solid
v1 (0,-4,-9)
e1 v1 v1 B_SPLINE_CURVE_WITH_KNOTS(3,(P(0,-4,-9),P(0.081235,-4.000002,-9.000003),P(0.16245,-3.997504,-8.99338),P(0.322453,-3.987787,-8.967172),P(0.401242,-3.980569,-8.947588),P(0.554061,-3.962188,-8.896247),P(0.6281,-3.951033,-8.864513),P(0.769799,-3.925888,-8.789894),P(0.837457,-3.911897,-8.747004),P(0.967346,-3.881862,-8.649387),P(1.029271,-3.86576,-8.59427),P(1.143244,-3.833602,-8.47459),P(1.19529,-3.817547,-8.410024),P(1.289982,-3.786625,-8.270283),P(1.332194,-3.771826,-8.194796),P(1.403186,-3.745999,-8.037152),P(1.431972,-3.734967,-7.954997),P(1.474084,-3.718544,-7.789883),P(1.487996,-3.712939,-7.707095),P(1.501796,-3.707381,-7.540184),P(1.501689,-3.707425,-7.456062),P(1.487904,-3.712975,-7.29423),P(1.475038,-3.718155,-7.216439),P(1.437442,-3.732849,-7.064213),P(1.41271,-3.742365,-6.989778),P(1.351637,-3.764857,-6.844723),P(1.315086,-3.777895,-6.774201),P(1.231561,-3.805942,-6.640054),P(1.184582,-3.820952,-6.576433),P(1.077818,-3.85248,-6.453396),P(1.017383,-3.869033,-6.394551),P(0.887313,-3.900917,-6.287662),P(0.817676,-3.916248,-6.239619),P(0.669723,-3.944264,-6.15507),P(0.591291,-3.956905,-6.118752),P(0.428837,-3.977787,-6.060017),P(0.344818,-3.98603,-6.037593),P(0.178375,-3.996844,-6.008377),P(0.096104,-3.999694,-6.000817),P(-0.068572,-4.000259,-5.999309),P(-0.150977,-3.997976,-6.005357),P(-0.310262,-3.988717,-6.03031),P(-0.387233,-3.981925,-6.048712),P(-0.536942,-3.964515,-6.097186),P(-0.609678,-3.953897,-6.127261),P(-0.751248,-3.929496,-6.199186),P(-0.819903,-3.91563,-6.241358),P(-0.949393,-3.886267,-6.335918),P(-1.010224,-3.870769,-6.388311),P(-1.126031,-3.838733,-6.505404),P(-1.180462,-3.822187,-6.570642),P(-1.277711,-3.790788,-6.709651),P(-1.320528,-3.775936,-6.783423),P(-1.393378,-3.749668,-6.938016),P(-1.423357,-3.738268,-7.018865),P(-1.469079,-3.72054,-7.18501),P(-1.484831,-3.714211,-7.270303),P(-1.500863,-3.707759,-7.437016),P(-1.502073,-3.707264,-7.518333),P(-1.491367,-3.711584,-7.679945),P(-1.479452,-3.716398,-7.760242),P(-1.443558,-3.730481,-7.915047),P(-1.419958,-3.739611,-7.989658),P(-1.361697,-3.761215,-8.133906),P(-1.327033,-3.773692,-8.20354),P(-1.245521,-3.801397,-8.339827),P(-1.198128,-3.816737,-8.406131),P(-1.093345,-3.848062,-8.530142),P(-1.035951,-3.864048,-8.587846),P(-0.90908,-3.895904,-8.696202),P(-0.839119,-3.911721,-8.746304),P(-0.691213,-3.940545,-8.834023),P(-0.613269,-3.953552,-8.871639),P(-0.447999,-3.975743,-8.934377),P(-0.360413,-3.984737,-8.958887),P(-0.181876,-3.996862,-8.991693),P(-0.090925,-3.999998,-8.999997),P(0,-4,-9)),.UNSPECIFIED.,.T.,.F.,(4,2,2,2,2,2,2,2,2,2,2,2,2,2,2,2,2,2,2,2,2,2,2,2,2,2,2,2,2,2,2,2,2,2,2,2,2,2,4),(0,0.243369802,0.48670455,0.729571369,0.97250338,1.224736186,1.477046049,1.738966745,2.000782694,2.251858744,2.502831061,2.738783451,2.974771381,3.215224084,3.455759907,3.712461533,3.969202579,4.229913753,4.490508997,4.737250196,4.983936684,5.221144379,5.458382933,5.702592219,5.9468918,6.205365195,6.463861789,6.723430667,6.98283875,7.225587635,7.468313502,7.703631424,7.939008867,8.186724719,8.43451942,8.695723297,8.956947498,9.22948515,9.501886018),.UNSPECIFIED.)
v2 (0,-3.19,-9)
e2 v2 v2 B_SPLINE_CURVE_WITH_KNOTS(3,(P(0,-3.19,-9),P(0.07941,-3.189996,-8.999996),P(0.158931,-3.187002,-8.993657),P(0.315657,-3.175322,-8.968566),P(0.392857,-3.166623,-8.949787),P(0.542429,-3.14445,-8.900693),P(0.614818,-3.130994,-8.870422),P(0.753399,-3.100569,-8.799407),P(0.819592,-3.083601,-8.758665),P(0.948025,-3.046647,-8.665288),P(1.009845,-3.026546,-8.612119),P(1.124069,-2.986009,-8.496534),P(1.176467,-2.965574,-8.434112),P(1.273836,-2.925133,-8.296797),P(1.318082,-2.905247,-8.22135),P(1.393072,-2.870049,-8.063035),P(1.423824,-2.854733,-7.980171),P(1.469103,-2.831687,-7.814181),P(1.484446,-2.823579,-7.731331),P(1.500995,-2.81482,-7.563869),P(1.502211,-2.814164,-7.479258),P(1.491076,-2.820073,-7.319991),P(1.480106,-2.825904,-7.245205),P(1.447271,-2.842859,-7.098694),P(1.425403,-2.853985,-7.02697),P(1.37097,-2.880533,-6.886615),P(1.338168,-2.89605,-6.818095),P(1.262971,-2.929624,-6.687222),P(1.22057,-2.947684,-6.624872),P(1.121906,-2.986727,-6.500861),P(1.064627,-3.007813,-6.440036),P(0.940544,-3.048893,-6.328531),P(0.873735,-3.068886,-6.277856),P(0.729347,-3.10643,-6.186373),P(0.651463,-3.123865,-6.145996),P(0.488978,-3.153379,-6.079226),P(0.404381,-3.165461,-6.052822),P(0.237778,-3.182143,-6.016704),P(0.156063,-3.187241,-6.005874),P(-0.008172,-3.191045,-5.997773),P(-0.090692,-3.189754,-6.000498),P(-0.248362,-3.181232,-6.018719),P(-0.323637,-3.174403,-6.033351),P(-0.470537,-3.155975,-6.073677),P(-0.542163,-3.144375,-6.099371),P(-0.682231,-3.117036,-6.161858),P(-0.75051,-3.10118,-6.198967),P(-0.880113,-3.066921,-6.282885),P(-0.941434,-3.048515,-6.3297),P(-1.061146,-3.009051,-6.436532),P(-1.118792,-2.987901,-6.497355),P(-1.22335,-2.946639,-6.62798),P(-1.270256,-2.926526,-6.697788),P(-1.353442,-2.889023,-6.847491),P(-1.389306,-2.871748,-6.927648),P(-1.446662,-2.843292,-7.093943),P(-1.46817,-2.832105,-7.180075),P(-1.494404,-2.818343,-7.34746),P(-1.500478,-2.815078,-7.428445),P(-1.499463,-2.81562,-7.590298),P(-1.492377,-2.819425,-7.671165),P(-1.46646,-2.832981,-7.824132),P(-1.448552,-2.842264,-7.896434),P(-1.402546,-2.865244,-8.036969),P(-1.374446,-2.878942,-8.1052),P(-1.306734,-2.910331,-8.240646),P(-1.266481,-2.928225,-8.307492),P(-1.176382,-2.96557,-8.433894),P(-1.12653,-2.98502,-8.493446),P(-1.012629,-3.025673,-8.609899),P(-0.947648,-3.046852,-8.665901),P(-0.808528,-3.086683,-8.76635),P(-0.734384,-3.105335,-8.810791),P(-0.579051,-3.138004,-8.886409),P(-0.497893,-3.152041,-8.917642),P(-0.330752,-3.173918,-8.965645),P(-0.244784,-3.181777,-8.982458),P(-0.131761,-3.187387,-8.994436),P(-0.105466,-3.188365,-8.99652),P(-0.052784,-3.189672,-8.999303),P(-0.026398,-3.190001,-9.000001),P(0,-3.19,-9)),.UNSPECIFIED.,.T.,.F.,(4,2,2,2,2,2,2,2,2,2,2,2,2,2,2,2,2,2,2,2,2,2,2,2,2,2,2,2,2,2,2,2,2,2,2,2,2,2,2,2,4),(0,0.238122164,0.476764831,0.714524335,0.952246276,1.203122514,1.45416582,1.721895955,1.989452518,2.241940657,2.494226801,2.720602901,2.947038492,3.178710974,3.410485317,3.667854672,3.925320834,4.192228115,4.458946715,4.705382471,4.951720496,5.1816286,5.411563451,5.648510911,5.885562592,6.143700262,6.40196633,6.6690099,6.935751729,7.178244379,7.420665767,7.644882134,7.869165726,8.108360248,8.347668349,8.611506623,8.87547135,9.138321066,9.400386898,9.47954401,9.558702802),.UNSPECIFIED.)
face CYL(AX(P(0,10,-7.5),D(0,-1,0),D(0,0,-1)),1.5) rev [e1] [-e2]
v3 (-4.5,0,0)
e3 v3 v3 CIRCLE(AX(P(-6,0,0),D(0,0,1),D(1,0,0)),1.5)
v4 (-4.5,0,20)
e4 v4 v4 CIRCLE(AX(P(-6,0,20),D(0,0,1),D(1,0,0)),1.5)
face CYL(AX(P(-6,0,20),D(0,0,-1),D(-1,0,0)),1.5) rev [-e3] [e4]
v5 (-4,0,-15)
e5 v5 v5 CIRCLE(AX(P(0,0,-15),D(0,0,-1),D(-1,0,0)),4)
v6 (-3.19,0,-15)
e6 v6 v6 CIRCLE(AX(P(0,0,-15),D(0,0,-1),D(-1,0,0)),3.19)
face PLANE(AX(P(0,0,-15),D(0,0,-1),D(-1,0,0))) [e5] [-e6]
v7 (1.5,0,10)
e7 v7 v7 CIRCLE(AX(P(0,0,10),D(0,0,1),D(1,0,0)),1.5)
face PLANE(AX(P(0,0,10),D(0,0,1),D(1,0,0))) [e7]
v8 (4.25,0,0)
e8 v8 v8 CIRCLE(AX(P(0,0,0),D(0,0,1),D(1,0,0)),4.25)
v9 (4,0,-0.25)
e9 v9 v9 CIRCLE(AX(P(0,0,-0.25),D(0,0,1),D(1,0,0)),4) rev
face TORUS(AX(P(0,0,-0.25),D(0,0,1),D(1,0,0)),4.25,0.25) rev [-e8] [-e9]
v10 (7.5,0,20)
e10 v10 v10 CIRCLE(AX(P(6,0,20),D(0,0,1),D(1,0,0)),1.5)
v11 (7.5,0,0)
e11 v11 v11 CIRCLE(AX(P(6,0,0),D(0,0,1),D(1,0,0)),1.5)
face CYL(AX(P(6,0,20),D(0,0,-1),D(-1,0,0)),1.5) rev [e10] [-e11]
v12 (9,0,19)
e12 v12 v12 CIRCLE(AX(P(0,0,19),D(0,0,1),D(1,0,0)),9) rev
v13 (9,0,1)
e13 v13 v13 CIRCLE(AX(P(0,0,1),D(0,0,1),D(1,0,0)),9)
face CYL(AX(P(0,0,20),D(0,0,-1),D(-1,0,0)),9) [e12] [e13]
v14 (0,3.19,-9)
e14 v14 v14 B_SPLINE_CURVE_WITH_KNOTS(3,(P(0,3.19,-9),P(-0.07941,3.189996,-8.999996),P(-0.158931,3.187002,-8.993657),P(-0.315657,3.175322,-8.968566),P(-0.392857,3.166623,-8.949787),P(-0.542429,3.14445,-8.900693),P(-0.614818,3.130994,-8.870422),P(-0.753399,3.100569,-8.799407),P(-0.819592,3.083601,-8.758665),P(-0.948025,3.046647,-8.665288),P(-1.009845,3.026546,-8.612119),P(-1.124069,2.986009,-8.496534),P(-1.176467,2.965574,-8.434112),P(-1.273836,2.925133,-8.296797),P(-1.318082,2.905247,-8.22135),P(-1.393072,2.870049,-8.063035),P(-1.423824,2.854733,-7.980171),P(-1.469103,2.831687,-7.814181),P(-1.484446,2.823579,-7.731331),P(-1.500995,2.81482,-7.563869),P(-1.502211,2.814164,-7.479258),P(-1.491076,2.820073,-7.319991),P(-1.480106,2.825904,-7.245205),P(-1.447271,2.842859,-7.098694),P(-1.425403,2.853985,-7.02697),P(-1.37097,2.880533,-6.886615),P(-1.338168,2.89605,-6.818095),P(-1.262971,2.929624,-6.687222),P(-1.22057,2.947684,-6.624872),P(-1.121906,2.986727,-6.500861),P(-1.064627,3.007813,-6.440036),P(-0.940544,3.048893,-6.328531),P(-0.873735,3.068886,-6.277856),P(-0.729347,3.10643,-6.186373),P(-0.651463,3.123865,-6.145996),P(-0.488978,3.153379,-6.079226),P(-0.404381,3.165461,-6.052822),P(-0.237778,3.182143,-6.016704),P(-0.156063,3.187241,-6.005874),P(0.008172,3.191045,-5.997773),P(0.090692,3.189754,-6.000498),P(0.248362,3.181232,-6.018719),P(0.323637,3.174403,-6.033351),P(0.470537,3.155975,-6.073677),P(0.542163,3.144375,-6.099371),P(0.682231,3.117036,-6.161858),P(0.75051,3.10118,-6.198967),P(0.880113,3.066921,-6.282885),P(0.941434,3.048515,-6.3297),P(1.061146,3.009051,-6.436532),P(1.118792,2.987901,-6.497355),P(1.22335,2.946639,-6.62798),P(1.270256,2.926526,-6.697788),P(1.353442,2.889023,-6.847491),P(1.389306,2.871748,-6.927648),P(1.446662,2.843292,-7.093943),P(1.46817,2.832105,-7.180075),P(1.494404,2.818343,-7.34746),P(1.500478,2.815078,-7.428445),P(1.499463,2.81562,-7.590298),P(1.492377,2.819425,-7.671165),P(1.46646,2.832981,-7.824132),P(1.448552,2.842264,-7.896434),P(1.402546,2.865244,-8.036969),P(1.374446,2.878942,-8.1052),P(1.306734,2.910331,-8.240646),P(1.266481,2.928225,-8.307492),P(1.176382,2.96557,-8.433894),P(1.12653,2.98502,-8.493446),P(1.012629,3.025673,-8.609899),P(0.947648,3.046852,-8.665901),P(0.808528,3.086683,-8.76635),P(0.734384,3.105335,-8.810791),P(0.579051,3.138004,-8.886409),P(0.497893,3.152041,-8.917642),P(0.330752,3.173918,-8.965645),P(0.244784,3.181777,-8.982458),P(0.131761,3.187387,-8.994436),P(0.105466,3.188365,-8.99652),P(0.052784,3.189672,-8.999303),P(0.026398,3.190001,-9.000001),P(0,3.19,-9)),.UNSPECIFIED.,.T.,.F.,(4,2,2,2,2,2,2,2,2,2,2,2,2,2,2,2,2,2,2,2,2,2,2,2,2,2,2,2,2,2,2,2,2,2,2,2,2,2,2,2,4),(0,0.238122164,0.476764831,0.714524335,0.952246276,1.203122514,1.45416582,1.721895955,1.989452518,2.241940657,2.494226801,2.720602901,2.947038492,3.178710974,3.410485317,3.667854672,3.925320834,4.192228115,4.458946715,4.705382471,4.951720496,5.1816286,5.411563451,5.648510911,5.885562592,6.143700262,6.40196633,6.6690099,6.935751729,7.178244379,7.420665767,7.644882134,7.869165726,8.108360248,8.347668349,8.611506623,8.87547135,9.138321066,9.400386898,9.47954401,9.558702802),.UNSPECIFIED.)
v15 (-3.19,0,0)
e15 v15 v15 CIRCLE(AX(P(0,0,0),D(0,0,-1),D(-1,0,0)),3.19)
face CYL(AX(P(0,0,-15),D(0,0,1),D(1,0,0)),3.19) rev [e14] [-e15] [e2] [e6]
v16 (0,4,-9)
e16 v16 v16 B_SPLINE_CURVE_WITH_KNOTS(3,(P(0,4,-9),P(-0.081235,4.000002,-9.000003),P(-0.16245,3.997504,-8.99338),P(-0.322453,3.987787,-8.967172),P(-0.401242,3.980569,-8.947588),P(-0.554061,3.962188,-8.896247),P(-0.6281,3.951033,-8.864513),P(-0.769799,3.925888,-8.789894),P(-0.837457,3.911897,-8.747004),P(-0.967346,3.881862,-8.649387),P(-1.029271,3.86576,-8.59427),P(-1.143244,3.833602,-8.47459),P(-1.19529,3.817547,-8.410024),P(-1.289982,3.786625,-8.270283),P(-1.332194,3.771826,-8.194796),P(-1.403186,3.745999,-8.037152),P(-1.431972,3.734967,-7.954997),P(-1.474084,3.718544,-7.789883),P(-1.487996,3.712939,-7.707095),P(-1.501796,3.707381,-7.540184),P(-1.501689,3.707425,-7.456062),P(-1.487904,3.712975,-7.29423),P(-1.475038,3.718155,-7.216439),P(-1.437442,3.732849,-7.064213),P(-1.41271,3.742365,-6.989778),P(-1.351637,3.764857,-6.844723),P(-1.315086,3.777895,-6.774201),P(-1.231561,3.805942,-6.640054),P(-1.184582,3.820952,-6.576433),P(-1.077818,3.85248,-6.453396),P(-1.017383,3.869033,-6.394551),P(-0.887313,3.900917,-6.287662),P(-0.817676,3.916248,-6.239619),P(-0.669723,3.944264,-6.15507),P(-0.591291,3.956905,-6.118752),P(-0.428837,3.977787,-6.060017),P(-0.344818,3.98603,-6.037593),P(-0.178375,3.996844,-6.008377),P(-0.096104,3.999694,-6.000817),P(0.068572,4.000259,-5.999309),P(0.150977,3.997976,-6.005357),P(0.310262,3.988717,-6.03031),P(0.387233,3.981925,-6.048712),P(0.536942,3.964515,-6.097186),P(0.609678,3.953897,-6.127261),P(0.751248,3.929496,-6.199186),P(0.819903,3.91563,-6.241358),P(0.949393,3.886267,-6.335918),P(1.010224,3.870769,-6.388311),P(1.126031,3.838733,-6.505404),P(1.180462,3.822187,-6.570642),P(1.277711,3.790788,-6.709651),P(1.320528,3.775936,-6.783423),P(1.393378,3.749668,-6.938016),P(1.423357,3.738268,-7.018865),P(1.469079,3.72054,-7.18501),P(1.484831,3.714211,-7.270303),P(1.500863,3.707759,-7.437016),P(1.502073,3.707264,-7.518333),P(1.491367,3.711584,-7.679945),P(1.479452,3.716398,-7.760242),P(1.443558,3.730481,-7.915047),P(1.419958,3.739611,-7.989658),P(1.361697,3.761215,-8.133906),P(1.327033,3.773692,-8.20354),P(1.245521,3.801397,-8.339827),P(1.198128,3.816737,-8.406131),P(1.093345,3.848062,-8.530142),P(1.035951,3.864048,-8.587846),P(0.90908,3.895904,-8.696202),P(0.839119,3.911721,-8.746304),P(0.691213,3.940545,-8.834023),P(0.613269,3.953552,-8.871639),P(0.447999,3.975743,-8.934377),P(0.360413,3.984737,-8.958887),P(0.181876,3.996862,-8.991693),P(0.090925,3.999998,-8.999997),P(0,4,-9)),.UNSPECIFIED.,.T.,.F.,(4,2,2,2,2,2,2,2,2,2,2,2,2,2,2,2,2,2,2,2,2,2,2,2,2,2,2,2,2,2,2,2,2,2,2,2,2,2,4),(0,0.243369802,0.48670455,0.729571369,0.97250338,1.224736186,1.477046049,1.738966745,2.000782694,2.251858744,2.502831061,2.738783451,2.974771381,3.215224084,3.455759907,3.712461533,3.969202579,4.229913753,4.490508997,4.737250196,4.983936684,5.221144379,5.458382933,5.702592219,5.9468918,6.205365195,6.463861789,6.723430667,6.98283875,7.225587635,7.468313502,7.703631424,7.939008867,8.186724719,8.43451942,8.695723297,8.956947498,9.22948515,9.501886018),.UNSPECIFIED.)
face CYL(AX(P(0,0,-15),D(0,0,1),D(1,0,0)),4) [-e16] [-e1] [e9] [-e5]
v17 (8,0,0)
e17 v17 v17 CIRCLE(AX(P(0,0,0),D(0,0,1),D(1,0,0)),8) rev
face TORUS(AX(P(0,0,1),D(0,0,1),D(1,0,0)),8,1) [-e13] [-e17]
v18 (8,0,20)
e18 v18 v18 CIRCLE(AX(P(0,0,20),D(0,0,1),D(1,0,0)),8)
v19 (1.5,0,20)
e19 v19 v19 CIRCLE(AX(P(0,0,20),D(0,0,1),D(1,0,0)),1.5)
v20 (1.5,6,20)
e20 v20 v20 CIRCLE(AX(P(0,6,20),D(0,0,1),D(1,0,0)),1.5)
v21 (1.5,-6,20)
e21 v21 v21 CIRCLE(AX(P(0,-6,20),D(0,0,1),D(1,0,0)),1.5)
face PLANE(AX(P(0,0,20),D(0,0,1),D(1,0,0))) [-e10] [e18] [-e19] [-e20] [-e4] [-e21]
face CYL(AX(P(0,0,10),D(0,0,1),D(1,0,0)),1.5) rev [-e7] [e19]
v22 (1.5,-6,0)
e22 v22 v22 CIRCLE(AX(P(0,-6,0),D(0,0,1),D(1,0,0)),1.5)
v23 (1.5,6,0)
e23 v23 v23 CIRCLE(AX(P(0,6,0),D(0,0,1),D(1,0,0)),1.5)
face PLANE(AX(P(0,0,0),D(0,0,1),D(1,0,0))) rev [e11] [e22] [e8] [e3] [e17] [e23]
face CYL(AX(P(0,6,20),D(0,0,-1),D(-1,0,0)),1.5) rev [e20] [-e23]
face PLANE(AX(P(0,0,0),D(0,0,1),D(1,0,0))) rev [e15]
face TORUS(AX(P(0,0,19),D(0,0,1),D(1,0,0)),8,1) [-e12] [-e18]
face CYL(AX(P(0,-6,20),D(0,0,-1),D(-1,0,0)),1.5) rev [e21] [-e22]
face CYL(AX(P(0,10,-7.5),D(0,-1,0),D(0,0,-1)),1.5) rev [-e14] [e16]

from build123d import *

# Parameters (mm, degrees)
ESQUISSE1_R                  = 9
ESQUISSE1_R_2                = 1.5
BOSS_EXTRU_1_DEPTH           = 20
ESQUISSE2_R                  = 4
ESQUISSE2_R_2                = 3.19
BOSS_EXTRU_2_DEPTH           = 15
CONG_1_R                     = 0.25
CONG_2_R                     = 1
CONG_3_R                     = 1
ENL_V_MAT_EXTRU_1_DEPTH      = 10
ENL_V_MAT_EXTRU_1_DEPTH_BACK = 10
ESQUISSE3_R                  = 1.5
ESQUISSE4_R                  = 1.5
ENL_V_MAT_EXTRU_2_DEPTH      = 10


with BuildPart() as part:
    # Esquisse1 → Boss.-Extru.1 (new body)
    with BuildSketch(Plane.XY):
        Circle(ESQUISSE1_R)
        with Locations((0, 6)):
            Circle(ESQUISSE1_R_2, mode=Mode.SUBTRACT)
        with Locations((6, 0)):
            Circle(ESQUISSE1_R_2, mode=Mode.SUBTRACT)
        with Locations((0, -6)):
            Circle(ESQUISSE1_R_2, mode=Mode.SUBTRACT)
        with Locations((-6, 0)):
            Circle(ESQUISSE1_R_2, mode=Mode.SUBTRACT)
    extrude(amount=BOSS_EXTRU_1_DEPTH)

    # Esquisse2 → Boss.-Extru.2 (add)
    with BuildSketch(Plane(origin=(0, 0, 0), x_dir=(-1, 0, 0), z_dir=(0, 0, -1))):
        Circle(ESQUISSE2_R)
        Circle(ESQUISSE2_R_2, mode=Mode.SUBTRACT)
    extrude(amount=BOSS_EXTRU_2_DEPTH)

    # Congé1
    cong_1_edges = [part.edges().sort_by_distance(p)[0] for p in [
        (4, 0, 0),
    ]]
    fillet(cong_1_edges, radius=CONG_1_R)

    # Congé2
    cong_2_edges = [part.edges().sort_by_distance(p)[0] for p in [
        (-9, 0, 20),
    ]]
    fillet(cong_2_edges, radius=CONG_2_R)

    # Congé3
    cong_3_edges = [part.edges().sort_by_distance(p)[0] for p in [
        (-9, 0, 0),
    ]]
    fillet(cong_3_edges, radius=CONG_3_R)

    # Esquisse3 → Enlèv. mat.-Extru.1 (cut, two sides: drawn at the far end of the back side and taken through both)
    with BuildSketch(Plane(origin=(0, 0, 0), x_dir=(1, 0, 0), z_dir=(0, 1, 0)).offset(-ENL_V_MAT_EXTRU_1_DEPTH_BACK)):
        with Locations((0, 7.5)):
            Circle(ESQUISSE3_R)
    extrude(amount=ENL_V_MAT_EXTRU_1_DEPTH + ENL_V_MAT_EXTRU_1_DEPTH_BACK, mode=Mode.SUBTRACT)

    # Esquisse4 → Enlèv. mat.-Extru.2 (cut)
    with BuildSketch(Plane.XY.offset(20)):
        Circle(ESQUISSE4_R)
    extrude(amount=-ENL_V_MAT_EXTRU_2_DEPTH, mode=Mode.SUBTRACT)


solid = part.part
